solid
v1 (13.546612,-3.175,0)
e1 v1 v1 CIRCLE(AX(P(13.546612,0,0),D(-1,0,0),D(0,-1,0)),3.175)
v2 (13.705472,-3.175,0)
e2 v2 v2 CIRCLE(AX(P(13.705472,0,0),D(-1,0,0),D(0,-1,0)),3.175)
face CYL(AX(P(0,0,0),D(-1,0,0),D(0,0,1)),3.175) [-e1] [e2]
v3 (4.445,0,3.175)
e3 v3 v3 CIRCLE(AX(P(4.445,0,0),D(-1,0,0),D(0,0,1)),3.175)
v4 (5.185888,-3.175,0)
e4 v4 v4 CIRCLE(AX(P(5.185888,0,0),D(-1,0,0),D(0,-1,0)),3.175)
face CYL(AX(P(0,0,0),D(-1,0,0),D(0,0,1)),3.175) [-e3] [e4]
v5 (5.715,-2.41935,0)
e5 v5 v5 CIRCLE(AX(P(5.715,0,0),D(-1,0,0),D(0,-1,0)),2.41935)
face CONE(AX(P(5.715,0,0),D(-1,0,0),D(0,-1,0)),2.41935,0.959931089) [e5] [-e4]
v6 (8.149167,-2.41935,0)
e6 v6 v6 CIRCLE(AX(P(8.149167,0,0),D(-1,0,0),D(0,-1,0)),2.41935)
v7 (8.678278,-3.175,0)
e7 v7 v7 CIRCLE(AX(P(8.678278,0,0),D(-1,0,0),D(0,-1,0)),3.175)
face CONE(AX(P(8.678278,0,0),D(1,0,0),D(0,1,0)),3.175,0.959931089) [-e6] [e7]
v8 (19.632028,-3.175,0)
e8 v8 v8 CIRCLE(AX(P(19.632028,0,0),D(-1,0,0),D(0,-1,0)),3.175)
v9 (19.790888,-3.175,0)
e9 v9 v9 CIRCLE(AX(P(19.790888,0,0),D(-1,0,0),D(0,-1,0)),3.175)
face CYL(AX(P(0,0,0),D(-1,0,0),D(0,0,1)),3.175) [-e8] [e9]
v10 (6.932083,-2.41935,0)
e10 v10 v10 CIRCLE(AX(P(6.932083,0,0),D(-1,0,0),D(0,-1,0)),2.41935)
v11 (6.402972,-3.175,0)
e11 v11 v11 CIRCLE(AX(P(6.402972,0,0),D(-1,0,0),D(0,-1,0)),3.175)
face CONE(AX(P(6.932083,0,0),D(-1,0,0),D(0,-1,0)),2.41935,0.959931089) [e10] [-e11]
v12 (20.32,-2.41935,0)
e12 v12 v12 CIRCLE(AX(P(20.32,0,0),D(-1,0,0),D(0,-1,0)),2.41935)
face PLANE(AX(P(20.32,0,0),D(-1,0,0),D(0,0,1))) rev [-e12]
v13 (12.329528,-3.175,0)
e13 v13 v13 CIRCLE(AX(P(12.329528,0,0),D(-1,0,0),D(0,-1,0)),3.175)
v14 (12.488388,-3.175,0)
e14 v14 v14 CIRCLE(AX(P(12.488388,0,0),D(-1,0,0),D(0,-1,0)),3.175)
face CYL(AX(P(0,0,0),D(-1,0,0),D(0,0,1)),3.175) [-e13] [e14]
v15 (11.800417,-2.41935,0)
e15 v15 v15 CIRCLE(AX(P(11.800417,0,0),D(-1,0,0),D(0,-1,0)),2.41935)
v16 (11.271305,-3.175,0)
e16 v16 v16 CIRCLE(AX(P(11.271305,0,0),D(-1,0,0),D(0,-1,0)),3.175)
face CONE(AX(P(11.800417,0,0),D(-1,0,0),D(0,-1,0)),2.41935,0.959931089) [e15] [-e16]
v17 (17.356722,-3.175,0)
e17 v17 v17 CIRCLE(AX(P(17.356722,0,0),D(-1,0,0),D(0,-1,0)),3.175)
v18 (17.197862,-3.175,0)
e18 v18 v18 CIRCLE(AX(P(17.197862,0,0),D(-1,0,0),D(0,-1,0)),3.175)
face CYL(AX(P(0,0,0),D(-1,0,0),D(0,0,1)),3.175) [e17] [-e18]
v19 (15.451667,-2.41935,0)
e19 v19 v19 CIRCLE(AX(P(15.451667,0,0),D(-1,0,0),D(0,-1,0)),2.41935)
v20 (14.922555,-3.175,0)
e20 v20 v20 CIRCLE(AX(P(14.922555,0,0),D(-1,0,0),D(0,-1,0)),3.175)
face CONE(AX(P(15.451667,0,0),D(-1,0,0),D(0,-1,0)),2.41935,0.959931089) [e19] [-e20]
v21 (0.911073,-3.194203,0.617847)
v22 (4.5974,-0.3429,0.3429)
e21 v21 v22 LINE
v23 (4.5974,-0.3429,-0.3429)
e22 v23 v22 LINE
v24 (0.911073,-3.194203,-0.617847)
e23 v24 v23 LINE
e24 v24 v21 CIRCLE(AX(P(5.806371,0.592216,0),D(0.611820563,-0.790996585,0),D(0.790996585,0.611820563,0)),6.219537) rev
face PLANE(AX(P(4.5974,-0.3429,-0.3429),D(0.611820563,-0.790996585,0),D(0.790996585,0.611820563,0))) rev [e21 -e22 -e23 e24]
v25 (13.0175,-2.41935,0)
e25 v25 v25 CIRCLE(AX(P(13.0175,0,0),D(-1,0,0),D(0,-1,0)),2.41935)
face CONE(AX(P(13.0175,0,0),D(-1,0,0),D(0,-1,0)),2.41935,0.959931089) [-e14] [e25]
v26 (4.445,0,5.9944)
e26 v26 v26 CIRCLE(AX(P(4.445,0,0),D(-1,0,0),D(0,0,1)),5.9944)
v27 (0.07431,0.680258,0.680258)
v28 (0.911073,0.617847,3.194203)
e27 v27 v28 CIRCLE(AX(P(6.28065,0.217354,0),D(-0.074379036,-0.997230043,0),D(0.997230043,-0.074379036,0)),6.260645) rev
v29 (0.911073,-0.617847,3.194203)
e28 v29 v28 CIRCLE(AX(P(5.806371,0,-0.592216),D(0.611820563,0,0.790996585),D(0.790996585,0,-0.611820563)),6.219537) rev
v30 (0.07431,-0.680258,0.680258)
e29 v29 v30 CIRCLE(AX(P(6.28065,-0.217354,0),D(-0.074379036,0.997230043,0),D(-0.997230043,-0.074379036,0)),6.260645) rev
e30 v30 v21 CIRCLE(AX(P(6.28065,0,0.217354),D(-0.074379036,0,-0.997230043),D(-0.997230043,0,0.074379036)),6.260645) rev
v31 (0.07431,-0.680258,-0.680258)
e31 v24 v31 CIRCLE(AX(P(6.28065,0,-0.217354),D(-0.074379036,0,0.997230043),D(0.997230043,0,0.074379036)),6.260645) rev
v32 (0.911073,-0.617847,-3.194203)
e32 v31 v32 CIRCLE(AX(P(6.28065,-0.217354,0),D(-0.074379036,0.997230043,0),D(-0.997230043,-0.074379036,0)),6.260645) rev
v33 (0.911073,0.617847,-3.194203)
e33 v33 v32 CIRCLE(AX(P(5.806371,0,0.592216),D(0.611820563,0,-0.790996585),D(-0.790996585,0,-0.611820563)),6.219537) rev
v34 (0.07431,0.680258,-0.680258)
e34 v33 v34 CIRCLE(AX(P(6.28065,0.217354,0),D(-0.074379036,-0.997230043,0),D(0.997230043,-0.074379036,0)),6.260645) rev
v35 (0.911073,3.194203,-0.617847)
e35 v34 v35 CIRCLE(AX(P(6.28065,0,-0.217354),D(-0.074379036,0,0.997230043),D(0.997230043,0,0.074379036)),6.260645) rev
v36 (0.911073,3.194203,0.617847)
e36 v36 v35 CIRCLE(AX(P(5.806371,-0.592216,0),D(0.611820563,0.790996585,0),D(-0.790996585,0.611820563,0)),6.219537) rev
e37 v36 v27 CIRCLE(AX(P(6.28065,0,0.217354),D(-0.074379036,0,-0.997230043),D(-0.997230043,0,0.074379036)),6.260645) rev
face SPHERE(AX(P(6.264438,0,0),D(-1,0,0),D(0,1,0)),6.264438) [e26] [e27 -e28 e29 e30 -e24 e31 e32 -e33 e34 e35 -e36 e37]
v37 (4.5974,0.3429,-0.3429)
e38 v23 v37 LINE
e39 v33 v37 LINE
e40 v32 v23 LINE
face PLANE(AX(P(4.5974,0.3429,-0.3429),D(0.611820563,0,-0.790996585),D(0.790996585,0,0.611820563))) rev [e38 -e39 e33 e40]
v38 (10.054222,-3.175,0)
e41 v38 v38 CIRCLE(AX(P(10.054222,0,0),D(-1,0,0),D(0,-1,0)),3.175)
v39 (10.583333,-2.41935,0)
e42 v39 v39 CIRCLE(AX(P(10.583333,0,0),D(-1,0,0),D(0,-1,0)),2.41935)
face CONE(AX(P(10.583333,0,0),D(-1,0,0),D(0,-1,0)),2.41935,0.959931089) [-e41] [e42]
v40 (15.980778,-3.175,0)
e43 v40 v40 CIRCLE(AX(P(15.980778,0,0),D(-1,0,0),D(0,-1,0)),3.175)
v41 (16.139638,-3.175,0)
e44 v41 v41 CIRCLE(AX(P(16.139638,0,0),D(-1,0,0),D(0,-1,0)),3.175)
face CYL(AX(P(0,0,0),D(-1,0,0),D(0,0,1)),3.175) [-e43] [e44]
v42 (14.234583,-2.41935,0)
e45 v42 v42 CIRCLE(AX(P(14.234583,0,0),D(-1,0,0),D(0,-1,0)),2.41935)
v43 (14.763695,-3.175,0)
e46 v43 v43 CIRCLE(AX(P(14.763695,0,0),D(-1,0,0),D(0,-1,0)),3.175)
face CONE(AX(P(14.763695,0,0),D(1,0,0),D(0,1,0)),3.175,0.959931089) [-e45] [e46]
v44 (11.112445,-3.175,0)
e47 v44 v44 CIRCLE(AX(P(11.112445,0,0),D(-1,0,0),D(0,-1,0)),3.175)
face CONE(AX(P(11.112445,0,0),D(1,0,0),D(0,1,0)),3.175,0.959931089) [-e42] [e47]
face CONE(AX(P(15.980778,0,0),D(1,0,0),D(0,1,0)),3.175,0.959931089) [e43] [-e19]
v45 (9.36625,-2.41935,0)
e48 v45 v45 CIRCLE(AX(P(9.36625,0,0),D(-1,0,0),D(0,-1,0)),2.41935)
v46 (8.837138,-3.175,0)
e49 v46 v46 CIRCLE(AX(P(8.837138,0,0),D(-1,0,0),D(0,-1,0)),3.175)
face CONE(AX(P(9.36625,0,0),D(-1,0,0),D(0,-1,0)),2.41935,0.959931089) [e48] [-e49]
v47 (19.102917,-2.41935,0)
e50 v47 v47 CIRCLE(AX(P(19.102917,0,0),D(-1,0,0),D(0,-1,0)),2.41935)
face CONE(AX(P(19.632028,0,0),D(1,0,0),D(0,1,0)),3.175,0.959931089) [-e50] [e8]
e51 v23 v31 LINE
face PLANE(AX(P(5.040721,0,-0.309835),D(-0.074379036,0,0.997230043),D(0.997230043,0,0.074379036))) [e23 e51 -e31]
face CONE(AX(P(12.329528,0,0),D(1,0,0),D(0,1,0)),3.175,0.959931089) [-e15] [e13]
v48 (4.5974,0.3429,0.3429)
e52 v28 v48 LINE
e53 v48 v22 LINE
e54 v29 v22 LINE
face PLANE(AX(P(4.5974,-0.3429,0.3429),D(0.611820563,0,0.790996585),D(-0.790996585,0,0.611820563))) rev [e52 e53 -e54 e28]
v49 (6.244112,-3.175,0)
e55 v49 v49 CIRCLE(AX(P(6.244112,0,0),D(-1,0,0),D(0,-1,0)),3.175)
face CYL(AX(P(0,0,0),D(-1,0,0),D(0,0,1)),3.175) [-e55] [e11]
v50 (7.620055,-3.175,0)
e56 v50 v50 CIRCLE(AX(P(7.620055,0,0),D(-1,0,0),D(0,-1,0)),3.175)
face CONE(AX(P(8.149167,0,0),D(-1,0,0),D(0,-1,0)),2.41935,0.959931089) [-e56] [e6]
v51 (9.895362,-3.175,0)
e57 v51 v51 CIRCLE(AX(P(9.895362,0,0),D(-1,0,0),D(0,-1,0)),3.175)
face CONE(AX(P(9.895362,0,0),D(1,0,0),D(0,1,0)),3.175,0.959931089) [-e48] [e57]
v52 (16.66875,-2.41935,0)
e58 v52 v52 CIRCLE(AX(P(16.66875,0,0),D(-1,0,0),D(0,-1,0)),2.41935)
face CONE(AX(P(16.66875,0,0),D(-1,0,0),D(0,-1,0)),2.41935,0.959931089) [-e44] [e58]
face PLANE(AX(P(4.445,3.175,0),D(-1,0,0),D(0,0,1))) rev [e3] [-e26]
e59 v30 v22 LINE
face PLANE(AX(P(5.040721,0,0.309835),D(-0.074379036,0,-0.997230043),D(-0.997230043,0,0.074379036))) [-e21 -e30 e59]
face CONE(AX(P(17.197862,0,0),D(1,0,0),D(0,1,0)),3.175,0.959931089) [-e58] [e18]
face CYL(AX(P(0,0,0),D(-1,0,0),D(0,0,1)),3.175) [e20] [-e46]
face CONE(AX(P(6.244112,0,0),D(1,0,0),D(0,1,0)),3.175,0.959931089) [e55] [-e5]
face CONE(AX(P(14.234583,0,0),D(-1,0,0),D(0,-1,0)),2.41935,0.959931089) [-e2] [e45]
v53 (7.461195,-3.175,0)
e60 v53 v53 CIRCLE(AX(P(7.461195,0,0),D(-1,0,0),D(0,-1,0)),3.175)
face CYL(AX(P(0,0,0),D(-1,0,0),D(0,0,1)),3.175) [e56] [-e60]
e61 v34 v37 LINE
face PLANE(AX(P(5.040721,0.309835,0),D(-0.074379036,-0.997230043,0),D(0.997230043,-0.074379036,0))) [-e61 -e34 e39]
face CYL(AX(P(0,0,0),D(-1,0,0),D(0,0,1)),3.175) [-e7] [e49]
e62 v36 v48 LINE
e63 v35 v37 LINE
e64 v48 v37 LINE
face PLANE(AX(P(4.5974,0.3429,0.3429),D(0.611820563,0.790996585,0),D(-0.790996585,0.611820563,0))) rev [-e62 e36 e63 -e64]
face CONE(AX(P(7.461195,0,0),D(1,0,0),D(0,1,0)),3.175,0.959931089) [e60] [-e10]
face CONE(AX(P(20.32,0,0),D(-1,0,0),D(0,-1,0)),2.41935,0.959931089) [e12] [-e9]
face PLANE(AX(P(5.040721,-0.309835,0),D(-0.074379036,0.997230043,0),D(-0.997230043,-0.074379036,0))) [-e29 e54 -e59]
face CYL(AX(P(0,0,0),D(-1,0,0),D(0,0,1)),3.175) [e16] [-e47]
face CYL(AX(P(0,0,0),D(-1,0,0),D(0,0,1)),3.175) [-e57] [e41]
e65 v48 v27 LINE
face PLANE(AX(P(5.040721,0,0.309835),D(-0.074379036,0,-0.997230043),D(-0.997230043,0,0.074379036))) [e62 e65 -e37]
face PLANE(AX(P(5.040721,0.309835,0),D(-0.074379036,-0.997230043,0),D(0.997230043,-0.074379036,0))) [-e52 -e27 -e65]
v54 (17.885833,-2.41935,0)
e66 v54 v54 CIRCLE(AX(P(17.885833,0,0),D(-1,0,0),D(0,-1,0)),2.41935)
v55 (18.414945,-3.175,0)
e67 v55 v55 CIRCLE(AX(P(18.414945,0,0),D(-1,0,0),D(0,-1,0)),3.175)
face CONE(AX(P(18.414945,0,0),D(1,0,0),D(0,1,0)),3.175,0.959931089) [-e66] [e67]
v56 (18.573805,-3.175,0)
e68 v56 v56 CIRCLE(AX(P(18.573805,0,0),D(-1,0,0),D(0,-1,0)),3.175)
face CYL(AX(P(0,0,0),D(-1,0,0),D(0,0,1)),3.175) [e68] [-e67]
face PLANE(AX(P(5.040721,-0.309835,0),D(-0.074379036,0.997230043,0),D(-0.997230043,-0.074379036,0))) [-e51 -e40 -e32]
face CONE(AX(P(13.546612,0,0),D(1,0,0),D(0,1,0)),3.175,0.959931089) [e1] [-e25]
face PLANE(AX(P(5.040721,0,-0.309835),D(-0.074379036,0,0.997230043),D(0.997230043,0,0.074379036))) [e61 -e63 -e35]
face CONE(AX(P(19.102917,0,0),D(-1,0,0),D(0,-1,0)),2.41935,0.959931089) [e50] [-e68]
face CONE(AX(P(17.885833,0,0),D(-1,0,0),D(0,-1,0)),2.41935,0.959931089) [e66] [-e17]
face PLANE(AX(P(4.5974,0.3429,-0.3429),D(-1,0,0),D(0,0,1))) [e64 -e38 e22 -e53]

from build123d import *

# Parameters (mm, degrees)
CIRPATTERN1_COUNT = 2
CIRPATTERN1_ANGLE = 90
THDSCHPAT_COUNT   = 13
THDSCHPAT_PITCH   = 1.217083333


with BuildPart() as part:
    # BodySke → Base-Revolve (revolve)
    with BuildSketch(Plane.XY):
        with BuildLine():
            Line((20.32, 0), (20.32, 3.175))
            Line((20.32, 3.175), (4.445, 3.175))
            Line((4.445, 3.175), (4.445, 5.9944))
            ThreePointArc((4.445, 5.9944), (1.232493041, 3.73131533), (0, 0))
            Line((0, 0), (20.32, 0))
        make_face()
    revolve(axis=Axis((0, 0, 0), (1, 0, 0)))

    # Sketch3 → Cross section 0
    with BuildSketch(Plane(origin=(0, 0, 0), x_dir=(0, 0, -1), z_dir=(1, 0, 0))):
        with BuildLine():
            Line((0.6858, -3.8989), (-0.6858, -3.8989))
            Line((-0.6858, -3.8989), (-0.6858, 3.8989))
            Line((-0.6858, 3.8989), (0.6858, 3.8989))
            Line((0.6858, 3.8989), (0.6858, -3.8989))
        make_face()
    # Sketch4 → Cross section 1
    with BuildSketch(Plane(origin=(4.5974, 0, 0), x_dir=(0, 0, -1), z_dir=(1, 0, 0))):
        with BuildLine():
            Line((0.3429, -0.3429), (-0.3429, -0.3429))
            Line((-0.3429, -0.3429), (-0.3429, 0.3429))
            Line((-0.3429, 0.3429), (0.3429, 0.3429))
            Line((0.3429, 0.3429), (0.3429, -0.3429))
        make_face()
    cross = loft(mode=Mode.SUBTRACT)

    # CirPattern1: Cross ×2 about axis
    cirpattern1_axis = Axis((0, 0, 0), (1, 0, 0))
    for i in range(1, CIRPATTERN1_COUNT):
        add(cross.rotate(cirpattern1_axis, i * CIRPATTERN1_ANGLE / (CIRPATTERN1_COUNT - 1)), mode=Mode.SUBTRACT)

    # ThdSchSke → ThreadSchematic (revolve, cut)
    with BuildSketch(Plane.XY, mode=Mode.PRIVATE) as threadschematic_sk:
        Polygon((5.715, -2.41935), (5.185888174, -3.175), (5.185888174, -3.96875), (6.244111826, -3.96875), (6.244111826, -3.175), align=None)
    threadschematic = revolve(threadschematic_sk.sketch.rotate(Axis((-3.175, 0, 0), (1, 0, 0)), 270), axis=Axis((-3.175, 0, 0), (1, 0, 0)), mode=Mode.SUBTRACT)

    # ThdSchPat: ThreadSchematic ×13
    with Locations(*[(i * THDSCHPAT_PITCH, 0, 0) for i in range(1, THDSCHPAT_COUNT)]):
        add(threadschematic, mode=Mode.SUBTRACT)


solid = part.part
